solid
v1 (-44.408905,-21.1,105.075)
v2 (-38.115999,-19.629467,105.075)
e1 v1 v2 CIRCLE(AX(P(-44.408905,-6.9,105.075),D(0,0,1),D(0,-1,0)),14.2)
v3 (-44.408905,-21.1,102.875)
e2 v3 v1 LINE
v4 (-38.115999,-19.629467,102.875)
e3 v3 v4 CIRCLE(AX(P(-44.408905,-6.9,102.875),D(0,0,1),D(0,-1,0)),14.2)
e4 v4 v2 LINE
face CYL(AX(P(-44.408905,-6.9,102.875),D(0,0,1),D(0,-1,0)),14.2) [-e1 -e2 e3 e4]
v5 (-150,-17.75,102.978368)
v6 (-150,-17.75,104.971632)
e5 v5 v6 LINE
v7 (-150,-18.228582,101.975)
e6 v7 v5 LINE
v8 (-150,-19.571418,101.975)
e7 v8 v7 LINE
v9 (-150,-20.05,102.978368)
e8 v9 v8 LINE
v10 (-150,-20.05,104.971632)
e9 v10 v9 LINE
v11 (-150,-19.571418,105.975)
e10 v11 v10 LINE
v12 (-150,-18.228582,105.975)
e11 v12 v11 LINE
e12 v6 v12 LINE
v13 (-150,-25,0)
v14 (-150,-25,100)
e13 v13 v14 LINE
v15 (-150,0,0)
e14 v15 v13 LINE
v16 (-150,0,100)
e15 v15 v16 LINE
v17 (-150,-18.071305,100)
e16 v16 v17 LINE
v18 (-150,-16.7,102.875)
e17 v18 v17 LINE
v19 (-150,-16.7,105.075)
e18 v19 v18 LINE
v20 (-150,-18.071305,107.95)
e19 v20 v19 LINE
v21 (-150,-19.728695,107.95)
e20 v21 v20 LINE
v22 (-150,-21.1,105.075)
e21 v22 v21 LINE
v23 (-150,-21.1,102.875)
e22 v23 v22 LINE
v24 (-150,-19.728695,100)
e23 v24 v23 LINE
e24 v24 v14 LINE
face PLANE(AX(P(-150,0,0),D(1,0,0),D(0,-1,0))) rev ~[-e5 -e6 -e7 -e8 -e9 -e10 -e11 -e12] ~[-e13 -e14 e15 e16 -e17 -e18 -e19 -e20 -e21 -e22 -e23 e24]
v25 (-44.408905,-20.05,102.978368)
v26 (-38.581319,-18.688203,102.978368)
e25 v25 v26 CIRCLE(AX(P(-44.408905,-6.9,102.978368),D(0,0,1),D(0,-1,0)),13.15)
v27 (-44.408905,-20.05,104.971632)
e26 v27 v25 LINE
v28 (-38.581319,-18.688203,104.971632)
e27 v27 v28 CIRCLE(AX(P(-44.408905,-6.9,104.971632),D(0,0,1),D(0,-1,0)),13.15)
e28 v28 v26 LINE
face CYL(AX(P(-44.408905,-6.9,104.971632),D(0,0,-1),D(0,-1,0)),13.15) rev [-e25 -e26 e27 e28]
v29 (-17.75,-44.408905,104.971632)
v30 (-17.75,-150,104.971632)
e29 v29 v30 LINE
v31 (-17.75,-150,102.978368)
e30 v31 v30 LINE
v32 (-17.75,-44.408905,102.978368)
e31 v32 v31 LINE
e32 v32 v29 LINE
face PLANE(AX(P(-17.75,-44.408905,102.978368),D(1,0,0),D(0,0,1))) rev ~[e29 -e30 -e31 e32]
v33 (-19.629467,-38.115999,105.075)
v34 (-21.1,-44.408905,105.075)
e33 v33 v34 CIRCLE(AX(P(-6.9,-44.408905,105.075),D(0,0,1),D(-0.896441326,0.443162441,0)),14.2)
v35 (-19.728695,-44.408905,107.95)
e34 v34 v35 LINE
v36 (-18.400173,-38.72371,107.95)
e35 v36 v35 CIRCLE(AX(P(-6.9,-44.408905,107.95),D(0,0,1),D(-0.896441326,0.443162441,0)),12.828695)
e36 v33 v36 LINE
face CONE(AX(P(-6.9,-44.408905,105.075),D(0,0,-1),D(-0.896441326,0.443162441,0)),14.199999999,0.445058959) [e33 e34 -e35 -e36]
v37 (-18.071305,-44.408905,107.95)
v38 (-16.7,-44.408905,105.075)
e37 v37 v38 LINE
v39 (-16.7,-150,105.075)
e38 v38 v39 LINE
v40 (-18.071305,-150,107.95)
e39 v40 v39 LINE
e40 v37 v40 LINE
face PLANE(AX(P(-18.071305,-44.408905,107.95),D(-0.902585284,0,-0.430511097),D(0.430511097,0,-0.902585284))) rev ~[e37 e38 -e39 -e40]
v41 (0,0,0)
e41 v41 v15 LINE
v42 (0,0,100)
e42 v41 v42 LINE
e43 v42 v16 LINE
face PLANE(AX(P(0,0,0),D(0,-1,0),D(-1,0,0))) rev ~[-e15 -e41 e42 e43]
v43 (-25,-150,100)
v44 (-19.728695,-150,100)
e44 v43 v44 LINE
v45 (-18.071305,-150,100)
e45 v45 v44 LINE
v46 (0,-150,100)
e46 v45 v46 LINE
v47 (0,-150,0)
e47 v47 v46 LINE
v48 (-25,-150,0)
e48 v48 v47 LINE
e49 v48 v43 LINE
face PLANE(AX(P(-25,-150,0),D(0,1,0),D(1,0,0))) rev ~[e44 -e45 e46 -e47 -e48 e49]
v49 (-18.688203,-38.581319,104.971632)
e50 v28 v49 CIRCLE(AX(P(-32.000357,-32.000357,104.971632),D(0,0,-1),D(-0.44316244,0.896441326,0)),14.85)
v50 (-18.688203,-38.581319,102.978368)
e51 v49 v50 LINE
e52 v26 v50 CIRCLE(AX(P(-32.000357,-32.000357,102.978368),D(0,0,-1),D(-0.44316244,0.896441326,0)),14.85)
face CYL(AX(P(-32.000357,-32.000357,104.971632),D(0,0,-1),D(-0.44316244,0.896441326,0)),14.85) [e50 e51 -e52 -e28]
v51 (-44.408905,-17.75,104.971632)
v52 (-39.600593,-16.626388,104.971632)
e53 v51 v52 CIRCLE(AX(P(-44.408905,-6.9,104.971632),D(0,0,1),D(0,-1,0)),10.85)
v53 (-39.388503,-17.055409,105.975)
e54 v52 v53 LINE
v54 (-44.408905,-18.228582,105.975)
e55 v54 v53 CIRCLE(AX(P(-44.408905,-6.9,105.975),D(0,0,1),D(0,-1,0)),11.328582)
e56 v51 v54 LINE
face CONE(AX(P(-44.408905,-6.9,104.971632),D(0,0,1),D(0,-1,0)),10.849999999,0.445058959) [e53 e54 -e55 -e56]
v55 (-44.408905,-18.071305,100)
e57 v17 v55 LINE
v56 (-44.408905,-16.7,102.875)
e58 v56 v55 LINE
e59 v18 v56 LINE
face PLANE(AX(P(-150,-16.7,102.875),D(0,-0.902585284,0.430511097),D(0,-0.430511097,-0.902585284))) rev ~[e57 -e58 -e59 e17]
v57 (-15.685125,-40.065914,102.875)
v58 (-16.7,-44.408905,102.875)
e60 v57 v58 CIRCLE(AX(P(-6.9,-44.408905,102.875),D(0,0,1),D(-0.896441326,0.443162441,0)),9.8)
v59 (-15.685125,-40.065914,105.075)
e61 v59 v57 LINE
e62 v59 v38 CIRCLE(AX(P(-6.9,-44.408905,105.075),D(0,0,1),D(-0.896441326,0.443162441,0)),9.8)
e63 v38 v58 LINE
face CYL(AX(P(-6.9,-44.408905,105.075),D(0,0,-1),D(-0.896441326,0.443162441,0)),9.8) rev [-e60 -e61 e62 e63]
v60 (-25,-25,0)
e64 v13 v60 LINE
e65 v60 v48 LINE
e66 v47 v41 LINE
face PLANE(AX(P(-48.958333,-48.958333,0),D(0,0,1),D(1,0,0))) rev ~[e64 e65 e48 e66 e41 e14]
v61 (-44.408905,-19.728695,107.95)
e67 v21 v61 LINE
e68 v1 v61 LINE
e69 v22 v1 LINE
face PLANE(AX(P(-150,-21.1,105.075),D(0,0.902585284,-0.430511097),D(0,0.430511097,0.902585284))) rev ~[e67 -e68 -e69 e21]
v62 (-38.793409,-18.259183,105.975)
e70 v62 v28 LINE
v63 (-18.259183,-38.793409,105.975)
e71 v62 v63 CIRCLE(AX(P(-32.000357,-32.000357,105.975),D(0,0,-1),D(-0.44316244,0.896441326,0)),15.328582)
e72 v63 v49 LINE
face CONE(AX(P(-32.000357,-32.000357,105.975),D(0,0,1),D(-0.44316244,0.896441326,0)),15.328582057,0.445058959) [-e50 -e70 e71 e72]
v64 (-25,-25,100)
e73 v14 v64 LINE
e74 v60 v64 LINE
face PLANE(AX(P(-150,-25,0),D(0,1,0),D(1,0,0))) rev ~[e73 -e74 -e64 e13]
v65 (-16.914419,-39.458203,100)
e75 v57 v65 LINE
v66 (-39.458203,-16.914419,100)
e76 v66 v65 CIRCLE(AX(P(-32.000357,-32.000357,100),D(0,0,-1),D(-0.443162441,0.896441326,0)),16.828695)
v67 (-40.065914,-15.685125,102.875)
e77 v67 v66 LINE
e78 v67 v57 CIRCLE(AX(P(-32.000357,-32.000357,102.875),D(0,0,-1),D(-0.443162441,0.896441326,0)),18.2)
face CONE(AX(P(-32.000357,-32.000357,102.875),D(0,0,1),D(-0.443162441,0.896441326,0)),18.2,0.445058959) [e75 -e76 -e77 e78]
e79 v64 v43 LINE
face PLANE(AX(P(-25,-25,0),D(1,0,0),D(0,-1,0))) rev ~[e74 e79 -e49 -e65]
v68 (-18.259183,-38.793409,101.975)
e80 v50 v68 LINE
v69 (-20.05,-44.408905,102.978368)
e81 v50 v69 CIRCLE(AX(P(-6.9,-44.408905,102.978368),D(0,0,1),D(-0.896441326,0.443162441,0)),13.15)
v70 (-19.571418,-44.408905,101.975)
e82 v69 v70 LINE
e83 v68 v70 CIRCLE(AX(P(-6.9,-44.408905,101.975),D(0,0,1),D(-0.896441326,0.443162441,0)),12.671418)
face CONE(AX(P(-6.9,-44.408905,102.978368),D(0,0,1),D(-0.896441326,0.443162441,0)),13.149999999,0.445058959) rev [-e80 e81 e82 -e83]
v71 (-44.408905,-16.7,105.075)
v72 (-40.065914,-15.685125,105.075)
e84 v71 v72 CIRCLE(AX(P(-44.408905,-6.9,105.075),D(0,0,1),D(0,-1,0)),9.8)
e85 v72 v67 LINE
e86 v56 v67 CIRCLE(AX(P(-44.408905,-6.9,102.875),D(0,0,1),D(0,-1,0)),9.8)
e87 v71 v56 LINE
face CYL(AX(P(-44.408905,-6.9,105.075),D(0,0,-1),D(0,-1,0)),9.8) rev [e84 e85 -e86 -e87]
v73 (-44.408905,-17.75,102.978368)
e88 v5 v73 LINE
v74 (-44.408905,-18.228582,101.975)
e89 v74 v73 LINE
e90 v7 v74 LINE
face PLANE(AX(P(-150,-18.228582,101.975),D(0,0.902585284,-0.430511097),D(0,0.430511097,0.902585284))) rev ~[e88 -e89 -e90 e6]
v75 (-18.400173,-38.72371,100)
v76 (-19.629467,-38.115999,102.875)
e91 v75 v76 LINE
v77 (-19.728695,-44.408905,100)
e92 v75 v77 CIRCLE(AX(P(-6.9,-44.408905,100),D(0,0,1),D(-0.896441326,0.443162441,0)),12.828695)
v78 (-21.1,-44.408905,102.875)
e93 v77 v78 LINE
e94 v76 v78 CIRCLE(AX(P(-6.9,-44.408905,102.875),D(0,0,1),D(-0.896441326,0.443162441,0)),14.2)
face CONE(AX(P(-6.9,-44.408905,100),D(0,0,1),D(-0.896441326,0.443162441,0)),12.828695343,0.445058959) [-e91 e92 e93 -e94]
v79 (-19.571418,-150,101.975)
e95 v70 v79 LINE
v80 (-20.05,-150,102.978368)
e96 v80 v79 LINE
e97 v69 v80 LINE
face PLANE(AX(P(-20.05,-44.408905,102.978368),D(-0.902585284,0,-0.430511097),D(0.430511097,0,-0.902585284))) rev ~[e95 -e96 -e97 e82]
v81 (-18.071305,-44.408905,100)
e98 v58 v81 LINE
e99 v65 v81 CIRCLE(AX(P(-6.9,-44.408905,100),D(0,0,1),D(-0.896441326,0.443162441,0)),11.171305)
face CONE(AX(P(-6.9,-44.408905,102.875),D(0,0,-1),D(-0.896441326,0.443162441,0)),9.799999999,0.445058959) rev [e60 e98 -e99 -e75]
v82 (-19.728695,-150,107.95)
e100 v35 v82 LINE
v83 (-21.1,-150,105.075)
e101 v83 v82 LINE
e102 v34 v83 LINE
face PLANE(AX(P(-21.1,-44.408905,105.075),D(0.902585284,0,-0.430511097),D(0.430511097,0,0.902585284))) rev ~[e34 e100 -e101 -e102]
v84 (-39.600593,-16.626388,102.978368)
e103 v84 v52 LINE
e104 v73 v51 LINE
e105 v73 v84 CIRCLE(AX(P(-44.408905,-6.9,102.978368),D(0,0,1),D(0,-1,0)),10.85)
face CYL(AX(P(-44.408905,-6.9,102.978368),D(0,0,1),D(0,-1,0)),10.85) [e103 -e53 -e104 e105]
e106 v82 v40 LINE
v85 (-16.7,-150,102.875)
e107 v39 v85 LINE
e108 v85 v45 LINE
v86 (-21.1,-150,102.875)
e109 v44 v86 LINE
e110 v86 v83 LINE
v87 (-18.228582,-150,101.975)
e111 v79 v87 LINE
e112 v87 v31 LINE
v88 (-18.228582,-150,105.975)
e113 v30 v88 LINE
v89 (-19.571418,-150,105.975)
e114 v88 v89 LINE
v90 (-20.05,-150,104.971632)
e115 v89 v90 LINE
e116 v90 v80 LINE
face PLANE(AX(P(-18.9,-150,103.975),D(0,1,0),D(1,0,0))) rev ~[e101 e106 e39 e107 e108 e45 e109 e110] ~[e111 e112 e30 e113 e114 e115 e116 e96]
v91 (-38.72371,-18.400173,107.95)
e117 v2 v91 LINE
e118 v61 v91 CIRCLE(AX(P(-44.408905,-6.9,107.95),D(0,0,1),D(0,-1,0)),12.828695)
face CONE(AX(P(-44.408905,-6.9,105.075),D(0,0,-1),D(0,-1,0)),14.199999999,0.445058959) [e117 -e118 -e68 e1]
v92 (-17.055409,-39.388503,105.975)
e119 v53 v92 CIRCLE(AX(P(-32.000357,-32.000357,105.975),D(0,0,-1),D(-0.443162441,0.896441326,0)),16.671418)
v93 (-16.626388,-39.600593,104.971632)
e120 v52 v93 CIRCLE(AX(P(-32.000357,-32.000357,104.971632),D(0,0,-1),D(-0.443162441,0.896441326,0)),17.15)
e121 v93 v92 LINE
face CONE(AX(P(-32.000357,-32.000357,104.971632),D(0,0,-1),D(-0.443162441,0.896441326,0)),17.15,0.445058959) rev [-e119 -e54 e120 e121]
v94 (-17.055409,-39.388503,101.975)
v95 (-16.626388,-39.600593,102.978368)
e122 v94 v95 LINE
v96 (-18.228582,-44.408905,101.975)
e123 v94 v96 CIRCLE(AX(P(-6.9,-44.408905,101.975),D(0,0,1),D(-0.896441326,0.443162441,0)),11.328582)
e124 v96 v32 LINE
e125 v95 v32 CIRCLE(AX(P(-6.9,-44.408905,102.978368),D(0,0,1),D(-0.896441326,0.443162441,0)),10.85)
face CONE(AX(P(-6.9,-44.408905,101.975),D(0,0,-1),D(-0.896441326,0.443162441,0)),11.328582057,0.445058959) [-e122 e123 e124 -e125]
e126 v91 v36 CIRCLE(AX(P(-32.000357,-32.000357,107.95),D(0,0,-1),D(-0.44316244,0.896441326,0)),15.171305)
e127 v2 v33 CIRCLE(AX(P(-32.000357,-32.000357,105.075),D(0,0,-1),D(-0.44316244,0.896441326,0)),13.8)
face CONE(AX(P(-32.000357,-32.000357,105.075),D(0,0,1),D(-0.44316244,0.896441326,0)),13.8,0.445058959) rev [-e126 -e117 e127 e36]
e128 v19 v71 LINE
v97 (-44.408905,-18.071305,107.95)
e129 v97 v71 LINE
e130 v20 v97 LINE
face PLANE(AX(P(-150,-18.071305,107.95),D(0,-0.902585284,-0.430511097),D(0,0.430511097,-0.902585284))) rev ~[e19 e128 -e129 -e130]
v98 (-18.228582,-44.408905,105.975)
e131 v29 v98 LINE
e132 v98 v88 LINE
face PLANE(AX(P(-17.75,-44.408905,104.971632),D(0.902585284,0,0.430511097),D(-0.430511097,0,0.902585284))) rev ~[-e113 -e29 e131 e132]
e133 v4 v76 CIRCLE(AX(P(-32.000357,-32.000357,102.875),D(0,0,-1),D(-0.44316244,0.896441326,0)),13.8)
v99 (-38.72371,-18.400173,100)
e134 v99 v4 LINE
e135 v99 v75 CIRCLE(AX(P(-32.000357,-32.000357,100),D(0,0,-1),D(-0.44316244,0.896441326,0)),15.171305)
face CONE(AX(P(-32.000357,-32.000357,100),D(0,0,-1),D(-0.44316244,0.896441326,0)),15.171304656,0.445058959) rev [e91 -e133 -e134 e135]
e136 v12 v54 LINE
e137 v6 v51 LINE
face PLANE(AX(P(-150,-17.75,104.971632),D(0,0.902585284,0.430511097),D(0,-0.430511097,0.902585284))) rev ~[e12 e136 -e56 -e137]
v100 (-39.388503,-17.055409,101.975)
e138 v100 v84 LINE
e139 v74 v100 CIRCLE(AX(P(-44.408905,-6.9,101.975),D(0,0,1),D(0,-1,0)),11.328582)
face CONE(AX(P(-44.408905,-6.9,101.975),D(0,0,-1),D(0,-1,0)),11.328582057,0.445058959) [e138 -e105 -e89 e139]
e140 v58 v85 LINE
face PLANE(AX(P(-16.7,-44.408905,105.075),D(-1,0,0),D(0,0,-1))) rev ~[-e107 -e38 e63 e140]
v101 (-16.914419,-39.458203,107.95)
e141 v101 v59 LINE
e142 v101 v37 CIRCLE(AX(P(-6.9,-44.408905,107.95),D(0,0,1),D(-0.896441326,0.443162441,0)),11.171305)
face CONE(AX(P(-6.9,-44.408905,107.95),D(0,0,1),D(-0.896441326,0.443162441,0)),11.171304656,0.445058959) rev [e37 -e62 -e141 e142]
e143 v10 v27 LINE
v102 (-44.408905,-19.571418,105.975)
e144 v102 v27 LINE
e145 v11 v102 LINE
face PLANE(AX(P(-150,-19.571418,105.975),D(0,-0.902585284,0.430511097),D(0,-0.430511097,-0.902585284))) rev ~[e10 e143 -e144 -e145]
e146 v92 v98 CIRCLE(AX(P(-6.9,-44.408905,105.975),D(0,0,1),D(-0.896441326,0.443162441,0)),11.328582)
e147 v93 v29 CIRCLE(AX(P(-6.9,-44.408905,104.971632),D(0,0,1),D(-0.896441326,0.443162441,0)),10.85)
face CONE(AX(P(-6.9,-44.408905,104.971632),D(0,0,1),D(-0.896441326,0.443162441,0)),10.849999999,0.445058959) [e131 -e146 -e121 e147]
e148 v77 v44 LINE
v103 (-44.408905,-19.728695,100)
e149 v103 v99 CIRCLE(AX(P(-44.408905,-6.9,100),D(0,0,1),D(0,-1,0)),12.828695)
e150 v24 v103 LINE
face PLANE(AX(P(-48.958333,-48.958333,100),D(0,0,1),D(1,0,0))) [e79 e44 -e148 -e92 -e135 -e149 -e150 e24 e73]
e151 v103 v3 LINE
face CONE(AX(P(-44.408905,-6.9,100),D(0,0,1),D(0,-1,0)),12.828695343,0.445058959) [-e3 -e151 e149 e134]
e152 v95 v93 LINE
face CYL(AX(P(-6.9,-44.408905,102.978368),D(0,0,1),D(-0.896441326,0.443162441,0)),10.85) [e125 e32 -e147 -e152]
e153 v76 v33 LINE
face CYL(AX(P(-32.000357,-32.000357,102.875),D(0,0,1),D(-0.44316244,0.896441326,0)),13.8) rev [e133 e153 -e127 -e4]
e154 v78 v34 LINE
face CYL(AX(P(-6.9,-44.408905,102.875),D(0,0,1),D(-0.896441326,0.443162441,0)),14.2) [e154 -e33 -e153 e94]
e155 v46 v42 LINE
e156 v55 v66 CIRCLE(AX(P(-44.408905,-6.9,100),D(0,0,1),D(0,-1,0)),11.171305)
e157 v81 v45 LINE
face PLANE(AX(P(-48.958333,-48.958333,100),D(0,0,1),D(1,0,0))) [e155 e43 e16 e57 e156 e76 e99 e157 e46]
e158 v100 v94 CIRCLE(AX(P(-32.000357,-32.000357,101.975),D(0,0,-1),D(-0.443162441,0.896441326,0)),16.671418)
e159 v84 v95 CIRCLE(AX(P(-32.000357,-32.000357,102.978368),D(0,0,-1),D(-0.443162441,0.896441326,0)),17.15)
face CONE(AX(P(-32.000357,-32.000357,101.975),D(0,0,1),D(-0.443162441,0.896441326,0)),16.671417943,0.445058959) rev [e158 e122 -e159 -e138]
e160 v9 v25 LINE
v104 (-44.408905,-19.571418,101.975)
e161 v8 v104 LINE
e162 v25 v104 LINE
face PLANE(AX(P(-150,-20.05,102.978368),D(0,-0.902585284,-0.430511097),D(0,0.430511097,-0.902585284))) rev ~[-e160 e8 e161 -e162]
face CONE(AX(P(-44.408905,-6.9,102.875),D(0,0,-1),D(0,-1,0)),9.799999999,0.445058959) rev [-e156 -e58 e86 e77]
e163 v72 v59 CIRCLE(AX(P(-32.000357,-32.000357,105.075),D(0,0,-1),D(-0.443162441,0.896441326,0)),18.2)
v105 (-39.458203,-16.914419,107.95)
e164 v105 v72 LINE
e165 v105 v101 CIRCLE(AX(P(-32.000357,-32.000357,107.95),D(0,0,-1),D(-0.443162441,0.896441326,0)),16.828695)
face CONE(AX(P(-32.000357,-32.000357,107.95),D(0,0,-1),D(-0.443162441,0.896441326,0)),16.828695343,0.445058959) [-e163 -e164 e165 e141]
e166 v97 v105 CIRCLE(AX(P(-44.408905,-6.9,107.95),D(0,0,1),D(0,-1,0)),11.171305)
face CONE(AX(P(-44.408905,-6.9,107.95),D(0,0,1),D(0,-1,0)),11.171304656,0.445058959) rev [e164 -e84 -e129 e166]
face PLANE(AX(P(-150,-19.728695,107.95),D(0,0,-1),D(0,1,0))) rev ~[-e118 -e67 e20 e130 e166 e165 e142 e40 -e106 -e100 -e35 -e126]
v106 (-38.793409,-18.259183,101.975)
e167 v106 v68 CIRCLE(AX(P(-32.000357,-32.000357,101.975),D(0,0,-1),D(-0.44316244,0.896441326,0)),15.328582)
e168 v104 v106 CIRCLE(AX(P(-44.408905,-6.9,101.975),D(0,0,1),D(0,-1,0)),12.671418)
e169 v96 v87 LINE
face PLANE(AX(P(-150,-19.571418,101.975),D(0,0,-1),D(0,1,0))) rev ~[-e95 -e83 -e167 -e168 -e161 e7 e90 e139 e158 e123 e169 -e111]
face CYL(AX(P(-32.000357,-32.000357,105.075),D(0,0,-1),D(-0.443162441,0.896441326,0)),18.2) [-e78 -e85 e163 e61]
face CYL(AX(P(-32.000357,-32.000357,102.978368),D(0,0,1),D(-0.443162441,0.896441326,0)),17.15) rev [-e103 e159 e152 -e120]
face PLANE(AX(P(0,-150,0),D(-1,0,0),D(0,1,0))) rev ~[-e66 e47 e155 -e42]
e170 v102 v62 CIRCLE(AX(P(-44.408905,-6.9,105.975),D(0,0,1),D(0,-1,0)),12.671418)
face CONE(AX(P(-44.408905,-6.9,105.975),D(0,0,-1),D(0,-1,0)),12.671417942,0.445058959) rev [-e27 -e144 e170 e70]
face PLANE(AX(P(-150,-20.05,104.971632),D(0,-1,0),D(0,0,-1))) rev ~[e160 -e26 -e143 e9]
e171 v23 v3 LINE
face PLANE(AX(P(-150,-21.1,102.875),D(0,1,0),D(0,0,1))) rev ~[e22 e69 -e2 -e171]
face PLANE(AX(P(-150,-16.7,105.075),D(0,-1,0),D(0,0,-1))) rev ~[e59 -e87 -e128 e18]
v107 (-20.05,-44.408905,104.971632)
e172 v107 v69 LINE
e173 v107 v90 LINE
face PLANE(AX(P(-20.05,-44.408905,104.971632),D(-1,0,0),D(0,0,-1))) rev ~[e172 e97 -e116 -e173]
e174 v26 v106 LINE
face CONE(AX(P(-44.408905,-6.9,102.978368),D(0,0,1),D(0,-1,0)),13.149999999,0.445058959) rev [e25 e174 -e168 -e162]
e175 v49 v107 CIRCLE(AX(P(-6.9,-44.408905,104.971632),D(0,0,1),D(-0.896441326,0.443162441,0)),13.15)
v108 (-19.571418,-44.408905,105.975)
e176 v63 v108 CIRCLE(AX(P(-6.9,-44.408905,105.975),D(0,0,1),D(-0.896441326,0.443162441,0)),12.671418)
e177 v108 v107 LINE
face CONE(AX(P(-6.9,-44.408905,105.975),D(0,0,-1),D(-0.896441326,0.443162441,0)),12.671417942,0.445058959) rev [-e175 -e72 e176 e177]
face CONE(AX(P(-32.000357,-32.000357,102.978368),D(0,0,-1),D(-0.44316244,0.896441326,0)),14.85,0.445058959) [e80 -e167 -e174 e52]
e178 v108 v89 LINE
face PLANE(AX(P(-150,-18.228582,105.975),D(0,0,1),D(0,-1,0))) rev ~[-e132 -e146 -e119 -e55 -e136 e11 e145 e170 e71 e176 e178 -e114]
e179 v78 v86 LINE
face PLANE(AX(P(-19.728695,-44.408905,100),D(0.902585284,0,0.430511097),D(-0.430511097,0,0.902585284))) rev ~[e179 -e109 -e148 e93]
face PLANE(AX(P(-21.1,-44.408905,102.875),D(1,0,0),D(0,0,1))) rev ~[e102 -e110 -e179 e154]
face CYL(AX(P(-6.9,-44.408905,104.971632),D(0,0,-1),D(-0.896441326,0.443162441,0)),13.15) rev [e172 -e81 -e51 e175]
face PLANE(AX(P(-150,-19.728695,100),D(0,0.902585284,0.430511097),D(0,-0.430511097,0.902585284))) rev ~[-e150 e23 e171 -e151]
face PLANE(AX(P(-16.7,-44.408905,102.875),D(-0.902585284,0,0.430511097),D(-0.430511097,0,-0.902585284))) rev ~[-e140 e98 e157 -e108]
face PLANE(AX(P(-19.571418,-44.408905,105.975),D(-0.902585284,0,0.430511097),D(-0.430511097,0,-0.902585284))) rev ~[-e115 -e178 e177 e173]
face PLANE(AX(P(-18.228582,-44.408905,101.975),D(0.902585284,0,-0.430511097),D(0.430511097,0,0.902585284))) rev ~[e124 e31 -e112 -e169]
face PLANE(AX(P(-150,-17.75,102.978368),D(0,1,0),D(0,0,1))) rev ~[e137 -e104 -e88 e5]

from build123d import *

# Parameters (mm, degrees)
F1_DEPTH = 100


with BuildPart() as f1:
    # F0 (on Top) → F1 (new body)
    with BuildSketch(Plane.XY):
        Polygon((0, -150), (0, 0), (-150, 0), (-150, -25), (-25, -25), (-25, -150), align=None)
    extrude(amount=F1_DEPTH)

    # F4: sweep along a path in F2
    with BuildLine(Plane.XY.offset(100)) as f4_path:
        Line((-150, -18.9), (-44.4089054678, -18.9))
        ThreePointArc((-44.4089054678, -18.9), (-41.6782966505, -18.5851947133), (-39.0909561818, -17.6572959145))
        ThreePointArc((-39.0909561818, -17.6572959145), (-20.6866486348, -20.6866486348), (-17.6572959145, -39.0909561818))
        ThreePointArc((-17.6572959145, -39.0909561818), (-18.5851947133, -41.6782966505), (-18.9, -44.4089054678))
        Line((-18.9, -44.4089054678), (-18.9, -150))
    # F3 (on face) → F4 (sweep)
    with BuildSketch(Plane(origin=(-150, 0, 0), x_dir=(0, -1, 0), z_dir=(-1, 0, 0))):
        Polygon((16.7, 102.875), (18.0713046565, 100), (19.7286953435, 100), (21.1, 102.875), (21.1, 105.075), (19.7286953435, 107.95), (18.0713046565, 107.95), (16.7, 105.075), align=None)
        Polygon((17.75, 104.971631851), (18.2285820574, 105.975), (19.5714179426, 105.975), (20.05, 104.971631851), (20.05, 102.978368149), (19.5714179426, 101.975), (18.2285820574, 101.975), (17.75, 102.978368149), align=None, mode=Mode.SUBTRACT)
    sweep(path=f4_path.line)


solid = f1.part
